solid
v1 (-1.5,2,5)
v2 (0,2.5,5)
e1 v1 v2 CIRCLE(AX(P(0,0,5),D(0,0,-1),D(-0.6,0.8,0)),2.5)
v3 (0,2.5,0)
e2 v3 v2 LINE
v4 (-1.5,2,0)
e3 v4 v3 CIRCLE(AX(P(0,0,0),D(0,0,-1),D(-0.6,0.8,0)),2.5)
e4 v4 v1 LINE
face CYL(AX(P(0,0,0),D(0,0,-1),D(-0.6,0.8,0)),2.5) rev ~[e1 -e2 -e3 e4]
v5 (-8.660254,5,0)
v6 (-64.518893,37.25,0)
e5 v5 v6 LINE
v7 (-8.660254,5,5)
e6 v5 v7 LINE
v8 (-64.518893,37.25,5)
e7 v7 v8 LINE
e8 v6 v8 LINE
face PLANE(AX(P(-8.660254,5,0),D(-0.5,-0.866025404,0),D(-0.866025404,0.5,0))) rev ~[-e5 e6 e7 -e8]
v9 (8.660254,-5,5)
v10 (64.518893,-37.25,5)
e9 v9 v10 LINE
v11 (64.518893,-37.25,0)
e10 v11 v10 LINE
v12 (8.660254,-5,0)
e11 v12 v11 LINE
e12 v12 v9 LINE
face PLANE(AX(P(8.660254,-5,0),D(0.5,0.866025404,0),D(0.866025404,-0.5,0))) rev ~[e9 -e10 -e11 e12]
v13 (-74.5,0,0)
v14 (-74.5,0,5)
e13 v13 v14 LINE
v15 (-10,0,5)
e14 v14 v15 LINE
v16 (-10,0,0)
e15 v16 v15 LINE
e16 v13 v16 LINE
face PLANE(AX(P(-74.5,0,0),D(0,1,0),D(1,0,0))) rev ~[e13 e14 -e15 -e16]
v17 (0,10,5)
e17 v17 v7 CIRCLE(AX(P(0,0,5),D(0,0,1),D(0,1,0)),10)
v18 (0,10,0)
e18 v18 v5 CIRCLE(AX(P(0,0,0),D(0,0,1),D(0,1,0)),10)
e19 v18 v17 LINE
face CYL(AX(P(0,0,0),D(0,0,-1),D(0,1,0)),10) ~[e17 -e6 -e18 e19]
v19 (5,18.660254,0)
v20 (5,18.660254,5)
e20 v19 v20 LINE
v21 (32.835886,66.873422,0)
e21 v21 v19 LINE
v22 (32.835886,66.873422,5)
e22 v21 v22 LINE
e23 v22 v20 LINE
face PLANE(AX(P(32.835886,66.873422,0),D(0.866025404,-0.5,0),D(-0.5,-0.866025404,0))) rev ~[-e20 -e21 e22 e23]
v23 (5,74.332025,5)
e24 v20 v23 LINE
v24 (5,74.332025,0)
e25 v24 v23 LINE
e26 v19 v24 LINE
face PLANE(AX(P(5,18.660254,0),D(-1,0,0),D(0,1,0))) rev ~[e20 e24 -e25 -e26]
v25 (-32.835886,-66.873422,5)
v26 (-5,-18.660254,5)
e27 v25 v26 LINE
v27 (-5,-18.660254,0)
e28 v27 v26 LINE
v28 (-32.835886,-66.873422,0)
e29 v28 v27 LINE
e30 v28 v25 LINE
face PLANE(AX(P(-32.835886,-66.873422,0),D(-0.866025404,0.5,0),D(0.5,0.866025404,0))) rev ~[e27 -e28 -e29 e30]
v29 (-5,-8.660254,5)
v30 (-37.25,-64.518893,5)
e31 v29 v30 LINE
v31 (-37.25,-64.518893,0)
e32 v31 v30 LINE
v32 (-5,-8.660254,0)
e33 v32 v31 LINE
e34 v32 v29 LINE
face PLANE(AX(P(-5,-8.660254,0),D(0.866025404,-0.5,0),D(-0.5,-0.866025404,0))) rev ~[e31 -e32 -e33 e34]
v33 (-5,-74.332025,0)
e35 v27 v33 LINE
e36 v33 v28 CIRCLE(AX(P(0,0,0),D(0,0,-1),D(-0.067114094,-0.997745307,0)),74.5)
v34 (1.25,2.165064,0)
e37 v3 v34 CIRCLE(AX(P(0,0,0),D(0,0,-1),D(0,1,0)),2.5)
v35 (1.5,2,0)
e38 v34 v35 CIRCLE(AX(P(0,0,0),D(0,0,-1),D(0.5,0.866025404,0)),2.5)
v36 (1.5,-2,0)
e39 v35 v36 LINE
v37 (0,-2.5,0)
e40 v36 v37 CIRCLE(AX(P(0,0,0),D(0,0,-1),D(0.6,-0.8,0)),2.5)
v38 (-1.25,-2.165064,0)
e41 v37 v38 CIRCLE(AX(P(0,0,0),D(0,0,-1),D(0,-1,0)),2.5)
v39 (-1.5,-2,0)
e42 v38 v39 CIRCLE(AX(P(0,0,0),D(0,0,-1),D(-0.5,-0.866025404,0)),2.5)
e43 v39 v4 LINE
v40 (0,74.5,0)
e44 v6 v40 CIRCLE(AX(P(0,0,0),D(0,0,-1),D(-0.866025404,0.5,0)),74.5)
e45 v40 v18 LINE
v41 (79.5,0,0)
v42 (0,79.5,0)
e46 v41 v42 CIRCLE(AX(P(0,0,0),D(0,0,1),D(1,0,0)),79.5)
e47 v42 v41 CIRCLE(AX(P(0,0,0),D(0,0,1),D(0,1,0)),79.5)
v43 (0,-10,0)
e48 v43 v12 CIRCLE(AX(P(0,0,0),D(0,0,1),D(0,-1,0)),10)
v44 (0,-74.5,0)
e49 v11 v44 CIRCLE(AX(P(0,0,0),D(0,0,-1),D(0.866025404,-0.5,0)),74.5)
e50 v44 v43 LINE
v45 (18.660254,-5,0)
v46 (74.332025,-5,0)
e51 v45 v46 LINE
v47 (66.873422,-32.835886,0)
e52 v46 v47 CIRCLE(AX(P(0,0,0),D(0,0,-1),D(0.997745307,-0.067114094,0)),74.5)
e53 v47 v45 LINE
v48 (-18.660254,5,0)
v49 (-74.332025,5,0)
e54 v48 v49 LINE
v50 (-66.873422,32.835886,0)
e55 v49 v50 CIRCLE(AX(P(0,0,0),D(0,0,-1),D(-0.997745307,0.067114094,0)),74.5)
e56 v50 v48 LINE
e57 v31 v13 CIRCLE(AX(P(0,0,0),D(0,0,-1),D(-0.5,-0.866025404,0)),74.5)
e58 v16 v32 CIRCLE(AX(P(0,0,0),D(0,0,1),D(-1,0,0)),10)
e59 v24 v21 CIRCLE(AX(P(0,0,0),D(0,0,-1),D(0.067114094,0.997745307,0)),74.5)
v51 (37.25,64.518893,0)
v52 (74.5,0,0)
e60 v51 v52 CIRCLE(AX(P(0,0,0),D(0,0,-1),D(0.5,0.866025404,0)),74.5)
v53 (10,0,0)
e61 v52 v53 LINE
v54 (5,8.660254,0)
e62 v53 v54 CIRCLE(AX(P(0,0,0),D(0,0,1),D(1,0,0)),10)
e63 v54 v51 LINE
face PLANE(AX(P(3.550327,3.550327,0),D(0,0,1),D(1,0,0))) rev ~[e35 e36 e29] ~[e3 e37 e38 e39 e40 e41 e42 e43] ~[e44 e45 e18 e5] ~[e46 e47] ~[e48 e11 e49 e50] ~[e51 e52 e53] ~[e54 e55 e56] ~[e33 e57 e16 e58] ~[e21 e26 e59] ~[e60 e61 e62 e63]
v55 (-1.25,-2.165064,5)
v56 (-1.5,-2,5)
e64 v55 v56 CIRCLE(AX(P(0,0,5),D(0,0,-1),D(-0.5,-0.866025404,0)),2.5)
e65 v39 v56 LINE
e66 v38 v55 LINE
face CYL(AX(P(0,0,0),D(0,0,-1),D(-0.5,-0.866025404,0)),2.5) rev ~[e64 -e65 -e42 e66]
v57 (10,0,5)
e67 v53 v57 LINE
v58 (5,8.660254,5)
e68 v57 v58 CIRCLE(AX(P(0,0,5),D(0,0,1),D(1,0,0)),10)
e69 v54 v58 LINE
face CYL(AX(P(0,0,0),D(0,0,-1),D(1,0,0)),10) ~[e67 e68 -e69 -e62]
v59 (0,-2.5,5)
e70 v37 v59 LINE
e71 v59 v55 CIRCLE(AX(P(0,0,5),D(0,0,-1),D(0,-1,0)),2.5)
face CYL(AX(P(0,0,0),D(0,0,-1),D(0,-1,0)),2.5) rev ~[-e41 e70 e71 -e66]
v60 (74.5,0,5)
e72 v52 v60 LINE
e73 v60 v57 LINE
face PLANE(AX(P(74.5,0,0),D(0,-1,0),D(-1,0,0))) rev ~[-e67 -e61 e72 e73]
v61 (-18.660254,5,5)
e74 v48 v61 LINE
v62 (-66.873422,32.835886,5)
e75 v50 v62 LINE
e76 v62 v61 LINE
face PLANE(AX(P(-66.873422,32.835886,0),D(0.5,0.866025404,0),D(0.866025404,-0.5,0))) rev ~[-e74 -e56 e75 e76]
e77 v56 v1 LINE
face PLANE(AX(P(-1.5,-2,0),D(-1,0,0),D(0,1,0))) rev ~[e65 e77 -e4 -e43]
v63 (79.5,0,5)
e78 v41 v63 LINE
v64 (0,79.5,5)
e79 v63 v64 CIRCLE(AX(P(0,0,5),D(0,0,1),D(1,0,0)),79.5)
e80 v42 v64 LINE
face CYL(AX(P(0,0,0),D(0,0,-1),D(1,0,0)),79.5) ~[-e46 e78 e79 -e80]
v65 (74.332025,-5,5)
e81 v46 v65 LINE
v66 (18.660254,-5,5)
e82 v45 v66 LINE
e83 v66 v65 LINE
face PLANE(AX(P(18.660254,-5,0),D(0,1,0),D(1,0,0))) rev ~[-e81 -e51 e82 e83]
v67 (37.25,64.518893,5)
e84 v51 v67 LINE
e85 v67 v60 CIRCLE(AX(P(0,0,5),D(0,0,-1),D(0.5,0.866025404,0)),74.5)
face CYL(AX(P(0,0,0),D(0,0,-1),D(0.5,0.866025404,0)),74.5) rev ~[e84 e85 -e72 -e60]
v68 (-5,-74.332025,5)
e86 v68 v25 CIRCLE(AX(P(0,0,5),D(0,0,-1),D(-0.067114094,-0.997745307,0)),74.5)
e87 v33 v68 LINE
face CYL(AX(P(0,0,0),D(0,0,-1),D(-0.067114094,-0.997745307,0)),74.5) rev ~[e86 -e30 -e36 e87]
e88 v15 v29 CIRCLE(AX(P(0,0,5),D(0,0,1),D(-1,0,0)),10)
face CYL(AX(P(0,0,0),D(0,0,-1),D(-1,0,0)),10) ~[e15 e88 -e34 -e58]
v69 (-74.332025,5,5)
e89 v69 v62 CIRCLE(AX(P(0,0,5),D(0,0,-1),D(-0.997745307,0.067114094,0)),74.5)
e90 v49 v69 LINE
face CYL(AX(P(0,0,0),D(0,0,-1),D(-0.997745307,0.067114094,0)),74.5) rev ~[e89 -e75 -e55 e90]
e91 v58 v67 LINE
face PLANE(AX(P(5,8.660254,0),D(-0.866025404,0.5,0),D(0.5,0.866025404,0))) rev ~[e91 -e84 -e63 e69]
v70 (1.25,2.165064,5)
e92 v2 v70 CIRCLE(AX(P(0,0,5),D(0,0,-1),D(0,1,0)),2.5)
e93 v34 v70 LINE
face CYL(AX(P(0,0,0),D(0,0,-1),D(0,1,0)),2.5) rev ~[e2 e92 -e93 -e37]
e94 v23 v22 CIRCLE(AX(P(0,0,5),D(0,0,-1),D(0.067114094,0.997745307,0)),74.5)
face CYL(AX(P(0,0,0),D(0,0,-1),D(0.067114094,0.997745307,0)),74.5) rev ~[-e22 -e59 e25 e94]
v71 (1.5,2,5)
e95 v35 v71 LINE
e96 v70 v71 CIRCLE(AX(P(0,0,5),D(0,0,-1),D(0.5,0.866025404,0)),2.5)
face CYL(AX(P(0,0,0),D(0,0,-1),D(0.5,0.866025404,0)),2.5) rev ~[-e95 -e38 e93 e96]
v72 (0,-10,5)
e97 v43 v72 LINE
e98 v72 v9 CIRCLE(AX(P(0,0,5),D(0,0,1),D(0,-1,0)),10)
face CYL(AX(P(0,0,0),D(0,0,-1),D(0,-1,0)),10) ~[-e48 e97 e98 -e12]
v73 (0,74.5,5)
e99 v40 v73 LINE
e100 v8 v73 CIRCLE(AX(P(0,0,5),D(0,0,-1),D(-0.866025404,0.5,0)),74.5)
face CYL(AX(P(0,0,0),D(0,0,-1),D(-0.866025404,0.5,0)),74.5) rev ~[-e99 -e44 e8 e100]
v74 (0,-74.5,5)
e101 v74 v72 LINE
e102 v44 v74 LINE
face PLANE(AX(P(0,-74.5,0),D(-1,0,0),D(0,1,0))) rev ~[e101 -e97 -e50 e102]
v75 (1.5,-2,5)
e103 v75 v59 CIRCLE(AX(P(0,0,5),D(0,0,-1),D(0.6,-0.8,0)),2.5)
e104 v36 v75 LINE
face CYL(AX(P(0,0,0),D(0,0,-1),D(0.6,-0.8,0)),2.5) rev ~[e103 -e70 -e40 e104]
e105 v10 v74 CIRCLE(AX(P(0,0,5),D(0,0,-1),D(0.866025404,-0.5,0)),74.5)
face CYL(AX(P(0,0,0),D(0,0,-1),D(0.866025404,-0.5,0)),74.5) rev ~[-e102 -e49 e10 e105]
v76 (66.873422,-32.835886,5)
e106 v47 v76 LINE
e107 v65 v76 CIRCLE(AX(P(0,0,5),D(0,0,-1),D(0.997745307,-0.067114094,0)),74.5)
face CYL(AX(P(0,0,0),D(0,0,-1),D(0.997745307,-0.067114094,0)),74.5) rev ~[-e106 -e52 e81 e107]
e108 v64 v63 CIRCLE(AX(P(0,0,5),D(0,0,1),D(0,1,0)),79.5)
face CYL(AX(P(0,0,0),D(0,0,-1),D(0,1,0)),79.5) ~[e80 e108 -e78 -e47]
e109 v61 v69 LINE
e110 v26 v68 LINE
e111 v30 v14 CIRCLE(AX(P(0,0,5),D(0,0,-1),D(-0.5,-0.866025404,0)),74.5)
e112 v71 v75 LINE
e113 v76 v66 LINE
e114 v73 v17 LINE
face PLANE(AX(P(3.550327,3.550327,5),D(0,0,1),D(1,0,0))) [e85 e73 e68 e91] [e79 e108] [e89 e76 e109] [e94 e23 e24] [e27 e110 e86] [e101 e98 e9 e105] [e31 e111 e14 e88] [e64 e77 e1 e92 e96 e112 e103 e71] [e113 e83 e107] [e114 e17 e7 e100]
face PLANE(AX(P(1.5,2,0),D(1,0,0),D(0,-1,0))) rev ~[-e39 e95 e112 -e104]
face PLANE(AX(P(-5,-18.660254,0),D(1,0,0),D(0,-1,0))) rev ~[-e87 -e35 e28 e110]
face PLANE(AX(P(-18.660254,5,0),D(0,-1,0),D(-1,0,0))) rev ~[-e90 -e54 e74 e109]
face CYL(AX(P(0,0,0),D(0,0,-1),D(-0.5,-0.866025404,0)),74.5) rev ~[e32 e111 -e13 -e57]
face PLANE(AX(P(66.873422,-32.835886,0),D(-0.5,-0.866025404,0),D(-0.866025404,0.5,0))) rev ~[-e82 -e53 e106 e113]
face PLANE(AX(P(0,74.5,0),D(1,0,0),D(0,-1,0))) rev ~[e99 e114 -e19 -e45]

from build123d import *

# Parameters (mm, degrees)
F1_DEPTH = 5


with BuildPart() as f1:
    # F0 (on Top) → F1 (new body)
    with BuildSketch(Plane.XY):
        with BuildLine():
            ThreePointArc((0, 79.5), (-56.2149891043, -56.2149891043), (79.5, 0))
            ThreePointArc((79.5, 0), (56.2149891043, 56.2149891043), (0, 79.5))
        make_face()
        with BuildLine():
            ThreePointArc((-64.5188925819, 37.25), (-37.25, 64.5188925819), (0, 74.5))
            ThreePointArc((0, 74.5), (2.5014103755, 74.4579945079), (5, 74.3320253996))
            ThreePointArc((5, 74.3320253996), (19.2820188601, 71.9614740585), (32.8358856809, 66.8734223108))
            ThreePointArc((32.8358856809, 66.8734223108), (35.0627123235, 65.7332199464), (37.25, 64.5188925819))
            ThreePointArc((37.25, 64.5188925819), (64.5188925819, 37.25), (74.5, 0))
            ThreePointArc((74.5, 0), (74.4579945079, -2.5014103755), (74.3320253996, -5))
            ThreePointArc((74.3320253996, -5), (71.9614740585, -19.2820188601), (66.8734223108, -32.8358856809))
            ThreePointArc((66.8734223108, -32.8358856809), (65.7332199464, -35.0627123235), (64.5188925819, -37.25))
            ThreePointArc((64.5188925819, -37.25), (37.25, -64.5188925819), (0, -74.5))
            ThreePointArc((0, -74.5), (-2.5014103755, -74.4579945079), (-5, -74.3320253996))
            ThreePointArc((-5, -74.3320253996), (-19.2820188601, -71.9614740585), (-32.8358856809, -66.8734223108))
            ThreePointArc((-32.8358856809, -66.8734223108), (-35.0627123235, -65.7332199464), (-37.25, -64.5188925819))
            ThreePointArc((-37.25, -64.5188925819), (-64.5188925819, -37.25), (-74.5, 0))
            ThreePointArc((-74.5, 0), (-74.4579945079, 2.5014103755), (-74.3320253996, 5))
            ThreePointArc((-74.3320253996, 5), (-71.9614740585, 19.2820188601), (-66.8734223108, 32.8358856809))
            ThreePointArc((-66.8734223108, 32.8358856809), (-65.7332199464, 35.0627123235), (-64.5188925819, 37.25))
        make_face(mode=Mode.SUBTRACT)
        with BuildLine():
            Line((-8.6602540378, 5), (-64.5188925819, 37.25))
            ThreePointArc((-64.5188925819, 37.25), (-65.7332199464, 35.0627123235), (-66.8734223108, 32.8358856809))
            Line((-66.8734223108, 32.8358856809), (-18.6602540378, 5))
            Line((-18.6602540378, 5), (-74.3320253996, 5))
            ThreePointArc((-74.3320253996, 5), (-74.4579945079, 2.5014103755), (-74.5, 0))
            Line((-74.5, 0), (-10, 0))
            ThreePointArc((-10, 0), (-9.6592582629, 2.588190451), (-8.6602540378, 5))
        make_face()
        with BuildLine():
            Line((74.5, 0), (10, 0))
            ThreePointArc((10, 0), (9.6592582629, -2.588190451), (8.6602540378, -5))
            Line((8.6602540378, -5), (64.5188925819, -37.25))
            ThreePointArc((64.5188925819, -37.25), (65.7332199464, -35.0627123235), (66.8734223108, -32.8358856809))
            Line((66.8734223108, -32.8358856809), (18.6602540378, -5))
            Line((18.6602540378, -5), (74.3320253996, -5))
            ThreePointArc((74.3320253996, -5), (74.4579945079, -2.5014103755), (74.5, 0))
        make_face()
        with BuildLine():
            ThreePointArc((0, -10), (-2.588190451, -9.6592582629), (-5, -8.6602540378))
            Line((-5, -8.6602540378), (-37.25, -64.5188925819))
            ThreePointArc((-37.25, -64.5188925819), (-35.0627123235, -65.7332199464), (-32.8358856809, -66.8734223108))
            Line((-32.8358856809, -66.8734223108), (-5, -18.6602540378))
            Line((-5, -18.6602540378), (-5, -74.3320253996))
            ThreePointArc((-5, -74.3320253996), (-2.5014103755, -74.4579945079), (0, -74.5))
            Line((0, -74.5), (0, -10))
        make_face()
        with BuildLine():
            ThreePointArc((5, 74.3320253996), (2.5014103755, 74.4579945079), (0, 74.5))
            Line((0, 74.5), (0, 10))
            ThreePointArc((0, 10), (2.588190451, 9.6592582629), (5, 8.6602540378))
            Line((5, 8.6602540378), (37.25, 64.5188925819))
            ThreePointArc((37.25, 64.5188925819), (35.0627123235, 65.7332199464), (32.8358856809, 66.8734223108))
            Line((32.8358856809, 66.8734223108), (5, 18.6602540378))
            Line((5, 18.6602540378), (5, 74.3320253996))
        make_face()
        with BuildLine():
            ThreePointArc((8.6602540378, -5), (9.6592582629, -2.588190451), (10, 0))
            Line((10, 0), (2.5, 0))
            ThreePointArc((2.5, 0), (2.4148145657, -0.6470476128), (2.1650635095, -1.25))
            Line((2.1650635095, -1.25), (8.6602540378, -5))
        make_face()
        with BuildLine():
            ThreePointArc((0, -10), (5, -8.6602540378), (8.6602540378, -5))
            Line((8.6602540378, -5), (2.1650635095, -1.25))
            ThreePointArc((2.1650635095, -1.25), (1.8705073194, -1.6586748831), (1.5, -2))
            ThreePointArc((1.5, -2), (0.790569415, -2.3717082451), (0, -2.5))
            Line((0, -2.5), (0, -10))
        make_face()
        with BuildLine():
            ThreePointArc((10, 0), (8.6602540378, 5), (5, 8.6602540378))
            Line((5, 8.6602540378), (1.25, 2.1650635095))
            ThreePointArc((1.25, 2.1650635095), (1.3774746787, 2.0862798253), (1.5, 2))
            ThreePointArc((1.5, 2), (2.2360679775, 1.1180339887), (2.5, 0))
            Line((2.5, 0), (10, 0))
        make_face()
        with BuildLine():
            ThreePointArc((5, 8.6602540378), (2.588190451, 9.6592582629), (0, 10))
            Line((0, 10), (0, 2.5))
            ThreePointArc((0, 2.5), (0.6470476128, 2.4148145657), (1.25, 2.1650635095))
            Line((1.25, 2.1650635095), (5, 8.6602540378))
        make_face()
        with BuildLine():
            Line((0, 2.5), (0, 10))
            ThreePointArc((0, 10), (-5, 8.6602540378), (-8.6602540378, 5))
            Line((-8.6602540378, 5), (-2.1650635095, 1.25))
            ThreePointArc((-2.1650635095, 1.25), (-1.8705073194, 1.6586748831), (-1.5, 2))
            ThreePointArc((-1.5, 2), (-0.790569415, 2.3717082451), (0, 2.5))
        make_face()
        with BuildLine():
            Line((-2.1650635095, 1.25), (-8.6602540378, 5))
            ThreePointArc((-8.6602540378, 5), (-9.6592582629, 2.588190451), (-10, 0))
            Line((-10, 0), (-2.5, 0))
            ThreePointArc((-2.5, 0), (-2.4148145657, 0.6470476128), (-2.1650635095, 1.25))
        make_face()
        with BuildLine():
            Line((-2.5, 0), (-10, 0))
            ThreePointArc((-10, 0), (-8.6602540378, -5), (-5, -8.6602540378))
            Line((-5, -8.6602540378), (-1.25, -2.1650635095))
            ThreePointArc((-1.25, -2.1650635095), (-1.3774746787, -2.0862798253), (-1.5, -2))
            ThreePointArc((-1.5, -2), (-2.2360679775, -1.1180339887), (-2.5, 0))
        make_face()
        with BuildLine():
            Line((-1.25, -2.1650635095), (-5, -8.6602540378))
            ThreePointArc((-5, -8.6602540378), (-2.588190451, -9.6592582629), (0, -10))
            Line((0, -10), (0, -2.5))
            ThreePointArc((0, -2.5), (-0.6470476128, -2.4148145657), (-1.25, -2.1650635095))
        make_face()
        with BuildLine():
            ThreePointArc((2.1650635095, -1.25), (2.4148145657, -0.6470476128), (2.5, 0))
            Line((2.5, 0), (1.5, 0))
            Line((1.5, 0), (1.5, -0.8660254038))
            Line((1.5, -0.8660254038), (2.1650635095, -1.25))
        make_face()
        with BuildLine():
            Line((1.5, 0), (2.5, 0))
            ThreePointArc((2.5, 0), (2.2360679775, 1.1180339887), (1.5, 2))
            Line((1.5, 2), (1.5, 0))
        make_face()
        with BuildLine():
            Line((2.1650635095, -1.25), (1.5, -0.8660254038))
            Line((1.5, -0.8660254038), (1.5, -2))
            ThreePointArc((1.5, -2), (1.8705073194, -1.6586748831), (2.1650635095, -1.25))
        make_face()
        with BuildLine():
            Line((-1.5, 0), (-2.5, 0))
            ThreePointArc((-2.5, 0), (-2.2360679775, -1.1180339887), (-1.5, -2))
            Line((-1.5, -2), (-1.5, 0))
        make_face()
        with BuildLine():
            Line((-1.5, 0.8660254038), (-2.1650635095, 1.25))
            ThreePointArc((-2.1650635095, 1.25), (-2.4148145657, 0.6470476128), (-2.5, 0))
            Line((-2.5, 0), (-1.5, 0))
            Line((-1.5, 0), (-1.5, 0.8660254038))
        make_face()
        with BuildLine():
            ThreePointArc((-1.5, 2), (-1.8705073194, 1.6586748831), (-2.1650635095, 1.25))
            Line((-2.1650635095, 1.25), (-1.5, 0.8660254038))
            Line((-1.5, 0.8660254038), (-1.5, 2))
        make_face()
    extrude(amount=F1_DEPTH)


solid = f1.part
